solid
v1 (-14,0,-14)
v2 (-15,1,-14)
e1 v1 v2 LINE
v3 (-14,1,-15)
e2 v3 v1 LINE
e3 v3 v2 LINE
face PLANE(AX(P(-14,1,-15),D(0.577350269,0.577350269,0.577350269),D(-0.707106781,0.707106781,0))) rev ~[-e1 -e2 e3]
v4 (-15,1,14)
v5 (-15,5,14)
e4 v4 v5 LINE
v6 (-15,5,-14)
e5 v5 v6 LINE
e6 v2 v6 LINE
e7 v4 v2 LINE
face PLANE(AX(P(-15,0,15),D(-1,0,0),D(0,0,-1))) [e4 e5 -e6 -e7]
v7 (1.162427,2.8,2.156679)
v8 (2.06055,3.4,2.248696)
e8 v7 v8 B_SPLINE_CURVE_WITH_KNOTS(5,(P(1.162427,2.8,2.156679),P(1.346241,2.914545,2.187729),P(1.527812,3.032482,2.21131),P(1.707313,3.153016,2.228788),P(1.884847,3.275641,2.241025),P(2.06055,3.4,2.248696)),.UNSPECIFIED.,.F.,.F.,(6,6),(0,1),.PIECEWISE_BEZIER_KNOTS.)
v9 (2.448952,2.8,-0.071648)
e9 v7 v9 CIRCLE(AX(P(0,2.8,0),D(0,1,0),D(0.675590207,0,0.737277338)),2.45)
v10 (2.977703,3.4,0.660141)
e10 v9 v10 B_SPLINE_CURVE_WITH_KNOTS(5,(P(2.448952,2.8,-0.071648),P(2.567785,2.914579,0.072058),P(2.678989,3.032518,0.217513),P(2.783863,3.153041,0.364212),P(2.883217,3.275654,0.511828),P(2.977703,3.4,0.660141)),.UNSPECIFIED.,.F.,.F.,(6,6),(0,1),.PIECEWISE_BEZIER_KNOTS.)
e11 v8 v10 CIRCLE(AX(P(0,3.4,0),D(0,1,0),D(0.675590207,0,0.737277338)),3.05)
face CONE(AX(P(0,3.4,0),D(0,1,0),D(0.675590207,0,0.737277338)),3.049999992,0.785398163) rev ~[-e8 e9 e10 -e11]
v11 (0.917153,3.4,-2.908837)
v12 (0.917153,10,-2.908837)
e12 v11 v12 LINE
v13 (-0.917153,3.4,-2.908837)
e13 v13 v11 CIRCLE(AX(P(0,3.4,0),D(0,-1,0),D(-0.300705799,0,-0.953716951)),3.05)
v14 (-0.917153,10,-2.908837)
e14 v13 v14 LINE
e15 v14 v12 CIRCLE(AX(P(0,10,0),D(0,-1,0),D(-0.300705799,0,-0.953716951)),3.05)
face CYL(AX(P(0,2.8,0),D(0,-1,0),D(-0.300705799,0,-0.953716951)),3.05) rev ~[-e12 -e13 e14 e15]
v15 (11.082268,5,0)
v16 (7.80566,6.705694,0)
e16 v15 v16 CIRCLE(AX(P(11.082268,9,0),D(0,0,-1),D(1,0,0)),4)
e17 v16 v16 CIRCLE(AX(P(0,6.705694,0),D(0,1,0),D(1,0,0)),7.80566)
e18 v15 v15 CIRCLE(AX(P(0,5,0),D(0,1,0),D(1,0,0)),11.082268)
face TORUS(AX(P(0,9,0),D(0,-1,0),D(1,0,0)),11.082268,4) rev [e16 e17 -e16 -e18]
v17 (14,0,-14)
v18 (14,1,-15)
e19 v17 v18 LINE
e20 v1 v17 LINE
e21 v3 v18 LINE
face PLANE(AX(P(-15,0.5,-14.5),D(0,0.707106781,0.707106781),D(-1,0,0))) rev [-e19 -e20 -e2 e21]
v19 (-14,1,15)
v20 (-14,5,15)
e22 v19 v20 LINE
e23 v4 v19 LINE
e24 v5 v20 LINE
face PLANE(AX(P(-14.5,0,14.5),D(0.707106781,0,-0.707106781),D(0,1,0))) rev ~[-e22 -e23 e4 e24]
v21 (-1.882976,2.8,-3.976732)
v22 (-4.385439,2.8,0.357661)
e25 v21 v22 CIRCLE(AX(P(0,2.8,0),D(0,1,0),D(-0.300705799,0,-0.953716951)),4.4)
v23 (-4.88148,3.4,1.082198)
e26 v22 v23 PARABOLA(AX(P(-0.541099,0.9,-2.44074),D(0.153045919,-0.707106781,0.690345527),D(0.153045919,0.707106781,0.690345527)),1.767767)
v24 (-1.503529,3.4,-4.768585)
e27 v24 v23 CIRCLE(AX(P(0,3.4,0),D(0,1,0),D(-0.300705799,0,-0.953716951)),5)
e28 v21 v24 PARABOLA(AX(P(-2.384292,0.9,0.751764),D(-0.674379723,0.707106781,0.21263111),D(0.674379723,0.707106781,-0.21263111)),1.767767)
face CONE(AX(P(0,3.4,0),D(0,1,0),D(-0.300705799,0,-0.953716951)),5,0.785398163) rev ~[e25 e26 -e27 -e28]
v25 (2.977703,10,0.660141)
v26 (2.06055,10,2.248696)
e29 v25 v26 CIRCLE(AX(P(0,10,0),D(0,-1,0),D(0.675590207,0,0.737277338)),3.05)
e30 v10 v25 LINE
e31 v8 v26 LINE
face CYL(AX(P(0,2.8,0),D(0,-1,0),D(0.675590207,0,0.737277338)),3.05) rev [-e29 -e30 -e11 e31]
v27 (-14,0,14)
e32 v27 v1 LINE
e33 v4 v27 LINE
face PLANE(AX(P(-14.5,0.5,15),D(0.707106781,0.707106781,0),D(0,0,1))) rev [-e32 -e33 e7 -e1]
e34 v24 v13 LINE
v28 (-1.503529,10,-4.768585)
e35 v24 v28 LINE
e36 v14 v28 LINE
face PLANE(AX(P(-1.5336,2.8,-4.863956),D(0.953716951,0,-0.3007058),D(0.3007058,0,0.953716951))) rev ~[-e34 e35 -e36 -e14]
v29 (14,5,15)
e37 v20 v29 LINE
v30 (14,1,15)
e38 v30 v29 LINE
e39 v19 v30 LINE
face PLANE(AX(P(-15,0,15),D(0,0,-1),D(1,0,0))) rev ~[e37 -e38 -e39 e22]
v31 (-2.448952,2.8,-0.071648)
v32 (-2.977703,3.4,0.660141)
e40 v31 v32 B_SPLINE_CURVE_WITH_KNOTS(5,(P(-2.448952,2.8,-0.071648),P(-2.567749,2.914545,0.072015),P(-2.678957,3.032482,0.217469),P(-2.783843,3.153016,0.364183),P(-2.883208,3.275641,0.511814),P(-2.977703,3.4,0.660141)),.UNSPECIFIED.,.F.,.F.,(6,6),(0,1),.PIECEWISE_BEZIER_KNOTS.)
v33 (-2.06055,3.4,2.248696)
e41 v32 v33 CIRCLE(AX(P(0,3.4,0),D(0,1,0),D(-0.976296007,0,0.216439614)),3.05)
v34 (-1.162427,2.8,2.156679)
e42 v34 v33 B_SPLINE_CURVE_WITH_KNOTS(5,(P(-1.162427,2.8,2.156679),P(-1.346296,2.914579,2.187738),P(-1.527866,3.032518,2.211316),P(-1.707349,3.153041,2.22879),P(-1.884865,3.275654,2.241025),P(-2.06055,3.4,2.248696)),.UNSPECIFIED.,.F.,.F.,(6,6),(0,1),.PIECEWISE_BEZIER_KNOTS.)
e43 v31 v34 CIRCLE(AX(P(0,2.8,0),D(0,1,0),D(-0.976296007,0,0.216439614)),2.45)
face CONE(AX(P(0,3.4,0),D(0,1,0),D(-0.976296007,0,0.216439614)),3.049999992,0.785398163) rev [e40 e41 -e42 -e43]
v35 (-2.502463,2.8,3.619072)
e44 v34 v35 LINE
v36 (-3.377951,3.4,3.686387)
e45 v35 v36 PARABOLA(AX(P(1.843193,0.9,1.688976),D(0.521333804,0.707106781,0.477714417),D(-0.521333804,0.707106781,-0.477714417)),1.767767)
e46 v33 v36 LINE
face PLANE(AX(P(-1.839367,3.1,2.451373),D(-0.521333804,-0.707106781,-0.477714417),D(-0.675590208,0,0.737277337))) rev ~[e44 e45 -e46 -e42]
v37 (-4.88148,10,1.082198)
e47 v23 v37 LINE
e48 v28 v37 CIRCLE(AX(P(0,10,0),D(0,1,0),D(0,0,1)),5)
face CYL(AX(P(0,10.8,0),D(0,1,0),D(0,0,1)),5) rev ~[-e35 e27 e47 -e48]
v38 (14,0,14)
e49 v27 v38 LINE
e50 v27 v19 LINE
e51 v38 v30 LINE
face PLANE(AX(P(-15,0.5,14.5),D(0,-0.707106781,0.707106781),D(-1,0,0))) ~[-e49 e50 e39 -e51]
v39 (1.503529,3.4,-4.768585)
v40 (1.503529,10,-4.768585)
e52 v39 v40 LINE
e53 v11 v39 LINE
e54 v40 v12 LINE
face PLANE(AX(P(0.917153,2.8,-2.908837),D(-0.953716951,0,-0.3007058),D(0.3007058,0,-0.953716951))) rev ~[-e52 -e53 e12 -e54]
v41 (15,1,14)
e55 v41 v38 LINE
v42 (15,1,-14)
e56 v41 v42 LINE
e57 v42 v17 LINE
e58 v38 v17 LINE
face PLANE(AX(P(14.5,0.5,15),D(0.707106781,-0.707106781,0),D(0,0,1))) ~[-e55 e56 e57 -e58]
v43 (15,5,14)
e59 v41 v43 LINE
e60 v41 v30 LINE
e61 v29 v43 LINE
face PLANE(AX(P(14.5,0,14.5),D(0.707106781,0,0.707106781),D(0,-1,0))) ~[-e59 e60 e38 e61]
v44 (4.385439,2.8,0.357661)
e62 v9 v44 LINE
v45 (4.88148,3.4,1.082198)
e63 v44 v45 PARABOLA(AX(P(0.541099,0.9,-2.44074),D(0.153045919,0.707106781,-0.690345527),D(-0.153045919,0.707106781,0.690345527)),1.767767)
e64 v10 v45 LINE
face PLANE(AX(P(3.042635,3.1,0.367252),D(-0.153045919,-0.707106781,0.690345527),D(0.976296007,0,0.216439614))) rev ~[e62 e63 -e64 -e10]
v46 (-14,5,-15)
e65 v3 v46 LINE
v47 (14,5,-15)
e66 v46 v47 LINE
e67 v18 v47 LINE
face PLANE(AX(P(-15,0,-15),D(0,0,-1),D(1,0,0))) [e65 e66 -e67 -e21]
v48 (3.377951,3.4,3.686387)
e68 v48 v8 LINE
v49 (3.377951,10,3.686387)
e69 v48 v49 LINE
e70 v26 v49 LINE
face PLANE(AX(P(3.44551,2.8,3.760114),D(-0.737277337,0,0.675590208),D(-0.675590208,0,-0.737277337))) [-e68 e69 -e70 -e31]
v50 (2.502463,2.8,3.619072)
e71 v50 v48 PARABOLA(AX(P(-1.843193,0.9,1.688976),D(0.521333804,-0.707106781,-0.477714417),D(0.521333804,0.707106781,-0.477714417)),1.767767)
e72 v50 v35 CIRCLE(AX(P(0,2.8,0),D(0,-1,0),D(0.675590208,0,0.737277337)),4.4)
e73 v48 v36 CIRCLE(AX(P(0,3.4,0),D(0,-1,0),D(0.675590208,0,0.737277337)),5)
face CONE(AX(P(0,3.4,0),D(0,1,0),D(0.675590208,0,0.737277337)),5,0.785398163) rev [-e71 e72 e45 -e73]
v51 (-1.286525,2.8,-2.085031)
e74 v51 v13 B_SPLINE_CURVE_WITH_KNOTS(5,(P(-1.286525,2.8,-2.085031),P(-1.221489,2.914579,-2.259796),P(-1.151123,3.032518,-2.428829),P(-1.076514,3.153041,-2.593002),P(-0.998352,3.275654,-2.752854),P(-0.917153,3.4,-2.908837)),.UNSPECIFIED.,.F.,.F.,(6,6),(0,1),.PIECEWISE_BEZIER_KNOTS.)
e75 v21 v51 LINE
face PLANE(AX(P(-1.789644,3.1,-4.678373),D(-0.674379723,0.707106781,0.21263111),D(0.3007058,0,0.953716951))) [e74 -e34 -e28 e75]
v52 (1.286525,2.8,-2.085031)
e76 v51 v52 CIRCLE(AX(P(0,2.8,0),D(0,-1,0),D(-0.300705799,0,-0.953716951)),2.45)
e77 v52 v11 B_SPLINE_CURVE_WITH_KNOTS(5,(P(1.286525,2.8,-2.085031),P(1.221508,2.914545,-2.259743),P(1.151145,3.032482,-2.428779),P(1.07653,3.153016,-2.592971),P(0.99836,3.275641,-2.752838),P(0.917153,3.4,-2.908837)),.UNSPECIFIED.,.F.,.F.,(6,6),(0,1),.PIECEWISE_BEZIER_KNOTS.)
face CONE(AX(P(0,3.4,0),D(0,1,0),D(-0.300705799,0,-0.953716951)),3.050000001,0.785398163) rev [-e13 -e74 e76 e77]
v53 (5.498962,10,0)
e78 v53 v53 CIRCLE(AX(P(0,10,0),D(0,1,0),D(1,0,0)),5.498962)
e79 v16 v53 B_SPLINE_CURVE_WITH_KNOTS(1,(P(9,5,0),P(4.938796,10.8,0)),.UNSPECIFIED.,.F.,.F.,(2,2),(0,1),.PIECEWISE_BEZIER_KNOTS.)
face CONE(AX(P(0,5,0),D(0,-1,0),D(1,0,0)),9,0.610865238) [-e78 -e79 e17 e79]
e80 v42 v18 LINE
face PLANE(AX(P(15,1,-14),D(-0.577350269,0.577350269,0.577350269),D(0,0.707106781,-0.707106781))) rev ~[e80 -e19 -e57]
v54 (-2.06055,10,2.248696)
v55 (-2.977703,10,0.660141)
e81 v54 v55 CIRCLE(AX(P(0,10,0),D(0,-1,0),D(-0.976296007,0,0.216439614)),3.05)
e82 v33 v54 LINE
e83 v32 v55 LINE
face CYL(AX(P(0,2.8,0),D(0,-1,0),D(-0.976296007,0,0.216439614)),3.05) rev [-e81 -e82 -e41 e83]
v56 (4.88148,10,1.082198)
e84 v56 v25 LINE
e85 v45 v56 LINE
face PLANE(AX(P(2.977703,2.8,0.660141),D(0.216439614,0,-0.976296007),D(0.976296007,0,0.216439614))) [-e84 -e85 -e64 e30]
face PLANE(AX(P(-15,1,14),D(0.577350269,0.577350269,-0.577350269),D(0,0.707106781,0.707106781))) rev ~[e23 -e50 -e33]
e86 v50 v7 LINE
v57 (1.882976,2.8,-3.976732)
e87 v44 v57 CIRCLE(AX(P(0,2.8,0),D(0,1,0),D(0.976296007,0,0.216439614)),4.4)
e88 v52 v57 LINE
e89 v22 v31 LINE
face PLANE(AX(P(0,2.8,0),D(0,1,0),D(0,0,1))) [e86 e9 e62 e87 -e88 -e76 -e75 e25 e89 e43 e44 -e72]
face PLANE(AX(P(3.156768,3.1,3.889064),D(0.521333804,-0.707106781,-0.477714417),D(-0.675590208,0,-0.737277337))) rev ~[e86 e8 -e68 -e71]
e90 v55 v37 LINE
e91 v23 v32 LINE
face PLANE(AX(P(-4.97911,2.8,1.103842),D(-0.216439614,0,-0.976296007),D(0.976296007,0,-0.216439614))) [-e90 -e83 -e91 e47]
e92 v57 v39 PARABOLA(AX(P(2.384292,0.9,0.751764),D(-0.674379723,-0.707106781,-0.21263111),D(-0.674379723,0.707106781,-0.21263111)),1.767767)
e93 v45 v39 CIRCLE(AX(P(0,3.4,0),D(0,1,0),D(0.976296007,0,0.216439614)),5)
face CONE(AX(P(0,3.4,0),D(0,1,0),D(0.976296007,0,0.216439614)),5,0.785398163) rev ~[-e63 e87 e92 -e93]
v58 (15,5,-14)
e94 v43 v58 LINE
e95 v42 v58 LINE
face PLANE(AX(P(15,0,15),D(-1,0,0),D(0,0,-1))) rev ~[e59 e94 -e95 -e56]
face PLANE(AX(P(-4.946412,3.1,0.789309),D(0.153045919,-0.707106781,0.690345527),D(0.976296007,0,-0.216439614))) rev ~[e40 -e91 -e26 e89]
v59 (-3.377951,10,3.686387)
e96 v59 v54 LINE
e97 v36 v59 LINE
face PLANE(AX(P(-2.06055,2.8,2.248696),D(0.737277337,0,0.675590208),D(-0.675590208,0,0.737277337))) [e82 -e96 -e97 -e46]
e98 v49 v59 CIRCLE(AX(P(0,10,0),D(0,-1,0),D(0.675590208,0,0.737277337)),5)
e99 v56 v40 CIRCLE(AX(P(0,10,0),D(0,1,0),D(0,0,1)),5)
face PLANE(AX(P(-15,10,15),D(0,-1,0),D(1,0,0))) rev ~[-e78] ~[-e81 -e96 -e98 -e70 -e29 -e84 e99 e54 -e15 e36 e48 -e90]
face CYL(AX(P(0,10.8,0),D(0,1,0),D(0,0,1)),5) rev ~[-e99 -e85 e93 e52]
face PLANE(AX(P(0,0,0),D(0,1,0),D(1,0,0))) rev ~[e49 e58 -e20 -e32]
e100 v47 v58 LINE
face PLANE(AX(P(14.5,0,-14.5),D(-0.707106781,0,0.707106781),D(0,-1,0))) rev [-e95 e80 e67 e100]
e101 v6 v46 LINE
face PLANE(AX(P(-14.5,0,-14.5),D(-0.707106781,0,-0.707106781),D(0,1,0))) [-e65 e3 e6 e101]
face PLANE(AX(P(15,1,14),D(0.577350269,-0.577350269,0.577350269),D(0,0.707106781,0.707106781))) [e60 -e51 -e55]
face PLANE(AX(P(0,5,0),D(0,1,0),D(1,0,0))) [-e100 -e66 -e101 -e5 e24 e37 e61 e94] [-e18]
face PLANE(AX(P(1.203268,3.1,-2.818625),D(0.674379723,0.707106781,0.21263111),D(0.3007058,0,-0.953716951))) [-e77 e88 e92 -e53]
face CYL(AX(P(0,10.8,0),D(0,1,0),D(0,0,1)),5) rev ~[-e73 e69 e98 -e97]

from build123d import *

# Parameters (mm, degrees)
SKETCH1_W           = 30
SKETCH1_H           = 30
BOSS_EXTRUDE1_DEPTH = 5
SKETCH2_R           = 9
BOSS_EXTRUDE2_DEPTH = 5.8
BOSS_EXTRUDE2_TAPER = 35
SKETCH4_R           = 5
CUT_EXTRUDE2_DEPTH  = 8
BOSS_EXTRUDE3_DEPTH = 7.5
CHAMFER1_SIZE       = 1
FILLET2_R           = 4
SKETCH6_W           = 30
SKETCH6_H           = 2
CUT_EXTRUDE3_DEPTH  = 36.210220534
CHAMFER2_SIZE       = 0.6


with BuildPart() as part:
    # Sketch1 → Boss-Extrude1 (new body)
    with BuildSketch(Plane(origin=(0, 0, 0), x_dir=(1, 0, 0), z_dir=(0, 1, 0))):
        Rectangle(SKETCH1_W, SKETCH1_H)
    extrude(amount=BOSS_EXTRUDE1_DEPTH)

    # Sketch2 → Boss-Extrude2 (add)
    with BuildSketch(Plane(origin=(0, 5, 0), x_dir=(1, 0, 0), z_dir=(0, 1, 0))):
        Circle(SKETCH2_R)
    extrude(amount=BOSS_EXTRUDE2_DEPTH, taper=BOSS_EXTRUDE2_TAPER)

    # Sketch4 → Cut-Extrude2 (cut)
    with BuildSketch(Plane(origin=(0, 10.8, 0), x_dir=(1, 0, 0), z_dir=(0, 1, 0))):
        with Locations(Location((0, 0, 0), (0, 0, 270))):
            Circle(SKETCH4_R)
    extrude(amount=-CUT_EXTRUDE2_DEPTH, mode=Mode.SUBTRACT)

    # Sketch5 → Boss-Extrude3 (add)
    with BuildSketch(Plane(origin=(0, 2.8, 0), x_dir=(1, 0, 0), z_dir=(0, 1, 0))):
        with BuildLine():
            Line((-1.533599577, 4.863956449), (-0.917152688, 2.9088367))
            ThreePointArc((-0.917152688, 2.9088367), (0, 3.05), (0.917152688, 2.9088367))
            Line((0.917152688, 2.9088367), (1.533599577, 4.863956449))
            ThreePointArc((1.533599577, 4.863956449), (0, 5.1), (-1.533599577, 4.863956449))
        make_face()
        with BuildLine():
            Line((3.445510059, -3.760114418), (2.060550133, -2.248695877))
            ThreePointArc((2.060550133, -2.248695877), (2.641377482, -1.525), (2.977702822, -0.660140823))
            Line((2.977702822, -0.660140823), (4.979109636, -1.103842031))
            ThreePointArc((4.979109636, -1.103842031), (4.416729559, -2.55), (3.445510059, -3.760114418))
        make_face()
        with BuildLine():
            Line((-4.979109636, -1.103842031), (-2.977702822, -0.660140823))
            ThreePointArc((-2.977702822, -0.660140823), (-2.641377482, -1.525), (-2.060550133, -2.248695877))
            Line((-2.060550133, -2.248695877), (-3.445510059, -3.760114418))
            ThreePointArc((-3.445510059, -3.760114418), (-4.416729559, -2.55), (-4.979109636, -1.103842031))
        make_face()
    extrude(amount=BOSS_EXTRUDE3_DEPTH)

    # Chamfer1
    chamfer1_edges = [part.edges().sort_by_distance(p)[0] for p in [
        (0, 0, 15),
        (-15, 0, 0),
        (0, 0, -15),
        (15, 0, 0),
        (15, 2.5, 15),
        (-15, 2.5, 15),
        (-15, 2.5, -15),
        (15, 2.5, -15),
    ]]
    chamfer(chamfer1_edges, length=CHAMFER1_SIZE)

    # Fillet2
    fillet2_edges = [part.edges().sort_by_distance(p)[0] for p in [
        (-9, 5, 0),
    ]]
    fillet(fillet2_edges, radius=FILLET2_R)

    # Sketch6 → Cut-Extrude3 (cut, through all)
    with BuildSketch(Plane.XY.offset(15)):
        with Locations((0, 11)):
            Rectangle(SKETCH6_W, SKETCH6_H)
    extrude(amount=-CUT_EXTRUDE3_DEPTH, mode=Mode.SUBTRACT)

    # Chamfer2
    chamfer2_edges = [part.edges().sort_by_distance(p)[0] for p in [
        (-4.330127019, 2.8, -2.5),
        (-1.210340843, 2.8, -3.838710727),
        (1.210340843, 2.8, -3.838710727),
        (0, 2.8, -3.05),
        (4.330127019, 2.8, -2.5),
        (3.929591429, 2.8, 0.871169446),
        (2.719250586, 2.8, 2.967541281),
        (2.641377482, 2.8, 1.525),
        (0, 2.8, 5),
        (-2.719250586, 2.8, 2.967541281),
        (-3.929591429, 2.8, 0.871169446),
        (-2.641377482, 2.8, 1.525),
    ]]
    chamfer(chamfer2_edges, length=CHAMFER2_SIZE)


solid = part.part
